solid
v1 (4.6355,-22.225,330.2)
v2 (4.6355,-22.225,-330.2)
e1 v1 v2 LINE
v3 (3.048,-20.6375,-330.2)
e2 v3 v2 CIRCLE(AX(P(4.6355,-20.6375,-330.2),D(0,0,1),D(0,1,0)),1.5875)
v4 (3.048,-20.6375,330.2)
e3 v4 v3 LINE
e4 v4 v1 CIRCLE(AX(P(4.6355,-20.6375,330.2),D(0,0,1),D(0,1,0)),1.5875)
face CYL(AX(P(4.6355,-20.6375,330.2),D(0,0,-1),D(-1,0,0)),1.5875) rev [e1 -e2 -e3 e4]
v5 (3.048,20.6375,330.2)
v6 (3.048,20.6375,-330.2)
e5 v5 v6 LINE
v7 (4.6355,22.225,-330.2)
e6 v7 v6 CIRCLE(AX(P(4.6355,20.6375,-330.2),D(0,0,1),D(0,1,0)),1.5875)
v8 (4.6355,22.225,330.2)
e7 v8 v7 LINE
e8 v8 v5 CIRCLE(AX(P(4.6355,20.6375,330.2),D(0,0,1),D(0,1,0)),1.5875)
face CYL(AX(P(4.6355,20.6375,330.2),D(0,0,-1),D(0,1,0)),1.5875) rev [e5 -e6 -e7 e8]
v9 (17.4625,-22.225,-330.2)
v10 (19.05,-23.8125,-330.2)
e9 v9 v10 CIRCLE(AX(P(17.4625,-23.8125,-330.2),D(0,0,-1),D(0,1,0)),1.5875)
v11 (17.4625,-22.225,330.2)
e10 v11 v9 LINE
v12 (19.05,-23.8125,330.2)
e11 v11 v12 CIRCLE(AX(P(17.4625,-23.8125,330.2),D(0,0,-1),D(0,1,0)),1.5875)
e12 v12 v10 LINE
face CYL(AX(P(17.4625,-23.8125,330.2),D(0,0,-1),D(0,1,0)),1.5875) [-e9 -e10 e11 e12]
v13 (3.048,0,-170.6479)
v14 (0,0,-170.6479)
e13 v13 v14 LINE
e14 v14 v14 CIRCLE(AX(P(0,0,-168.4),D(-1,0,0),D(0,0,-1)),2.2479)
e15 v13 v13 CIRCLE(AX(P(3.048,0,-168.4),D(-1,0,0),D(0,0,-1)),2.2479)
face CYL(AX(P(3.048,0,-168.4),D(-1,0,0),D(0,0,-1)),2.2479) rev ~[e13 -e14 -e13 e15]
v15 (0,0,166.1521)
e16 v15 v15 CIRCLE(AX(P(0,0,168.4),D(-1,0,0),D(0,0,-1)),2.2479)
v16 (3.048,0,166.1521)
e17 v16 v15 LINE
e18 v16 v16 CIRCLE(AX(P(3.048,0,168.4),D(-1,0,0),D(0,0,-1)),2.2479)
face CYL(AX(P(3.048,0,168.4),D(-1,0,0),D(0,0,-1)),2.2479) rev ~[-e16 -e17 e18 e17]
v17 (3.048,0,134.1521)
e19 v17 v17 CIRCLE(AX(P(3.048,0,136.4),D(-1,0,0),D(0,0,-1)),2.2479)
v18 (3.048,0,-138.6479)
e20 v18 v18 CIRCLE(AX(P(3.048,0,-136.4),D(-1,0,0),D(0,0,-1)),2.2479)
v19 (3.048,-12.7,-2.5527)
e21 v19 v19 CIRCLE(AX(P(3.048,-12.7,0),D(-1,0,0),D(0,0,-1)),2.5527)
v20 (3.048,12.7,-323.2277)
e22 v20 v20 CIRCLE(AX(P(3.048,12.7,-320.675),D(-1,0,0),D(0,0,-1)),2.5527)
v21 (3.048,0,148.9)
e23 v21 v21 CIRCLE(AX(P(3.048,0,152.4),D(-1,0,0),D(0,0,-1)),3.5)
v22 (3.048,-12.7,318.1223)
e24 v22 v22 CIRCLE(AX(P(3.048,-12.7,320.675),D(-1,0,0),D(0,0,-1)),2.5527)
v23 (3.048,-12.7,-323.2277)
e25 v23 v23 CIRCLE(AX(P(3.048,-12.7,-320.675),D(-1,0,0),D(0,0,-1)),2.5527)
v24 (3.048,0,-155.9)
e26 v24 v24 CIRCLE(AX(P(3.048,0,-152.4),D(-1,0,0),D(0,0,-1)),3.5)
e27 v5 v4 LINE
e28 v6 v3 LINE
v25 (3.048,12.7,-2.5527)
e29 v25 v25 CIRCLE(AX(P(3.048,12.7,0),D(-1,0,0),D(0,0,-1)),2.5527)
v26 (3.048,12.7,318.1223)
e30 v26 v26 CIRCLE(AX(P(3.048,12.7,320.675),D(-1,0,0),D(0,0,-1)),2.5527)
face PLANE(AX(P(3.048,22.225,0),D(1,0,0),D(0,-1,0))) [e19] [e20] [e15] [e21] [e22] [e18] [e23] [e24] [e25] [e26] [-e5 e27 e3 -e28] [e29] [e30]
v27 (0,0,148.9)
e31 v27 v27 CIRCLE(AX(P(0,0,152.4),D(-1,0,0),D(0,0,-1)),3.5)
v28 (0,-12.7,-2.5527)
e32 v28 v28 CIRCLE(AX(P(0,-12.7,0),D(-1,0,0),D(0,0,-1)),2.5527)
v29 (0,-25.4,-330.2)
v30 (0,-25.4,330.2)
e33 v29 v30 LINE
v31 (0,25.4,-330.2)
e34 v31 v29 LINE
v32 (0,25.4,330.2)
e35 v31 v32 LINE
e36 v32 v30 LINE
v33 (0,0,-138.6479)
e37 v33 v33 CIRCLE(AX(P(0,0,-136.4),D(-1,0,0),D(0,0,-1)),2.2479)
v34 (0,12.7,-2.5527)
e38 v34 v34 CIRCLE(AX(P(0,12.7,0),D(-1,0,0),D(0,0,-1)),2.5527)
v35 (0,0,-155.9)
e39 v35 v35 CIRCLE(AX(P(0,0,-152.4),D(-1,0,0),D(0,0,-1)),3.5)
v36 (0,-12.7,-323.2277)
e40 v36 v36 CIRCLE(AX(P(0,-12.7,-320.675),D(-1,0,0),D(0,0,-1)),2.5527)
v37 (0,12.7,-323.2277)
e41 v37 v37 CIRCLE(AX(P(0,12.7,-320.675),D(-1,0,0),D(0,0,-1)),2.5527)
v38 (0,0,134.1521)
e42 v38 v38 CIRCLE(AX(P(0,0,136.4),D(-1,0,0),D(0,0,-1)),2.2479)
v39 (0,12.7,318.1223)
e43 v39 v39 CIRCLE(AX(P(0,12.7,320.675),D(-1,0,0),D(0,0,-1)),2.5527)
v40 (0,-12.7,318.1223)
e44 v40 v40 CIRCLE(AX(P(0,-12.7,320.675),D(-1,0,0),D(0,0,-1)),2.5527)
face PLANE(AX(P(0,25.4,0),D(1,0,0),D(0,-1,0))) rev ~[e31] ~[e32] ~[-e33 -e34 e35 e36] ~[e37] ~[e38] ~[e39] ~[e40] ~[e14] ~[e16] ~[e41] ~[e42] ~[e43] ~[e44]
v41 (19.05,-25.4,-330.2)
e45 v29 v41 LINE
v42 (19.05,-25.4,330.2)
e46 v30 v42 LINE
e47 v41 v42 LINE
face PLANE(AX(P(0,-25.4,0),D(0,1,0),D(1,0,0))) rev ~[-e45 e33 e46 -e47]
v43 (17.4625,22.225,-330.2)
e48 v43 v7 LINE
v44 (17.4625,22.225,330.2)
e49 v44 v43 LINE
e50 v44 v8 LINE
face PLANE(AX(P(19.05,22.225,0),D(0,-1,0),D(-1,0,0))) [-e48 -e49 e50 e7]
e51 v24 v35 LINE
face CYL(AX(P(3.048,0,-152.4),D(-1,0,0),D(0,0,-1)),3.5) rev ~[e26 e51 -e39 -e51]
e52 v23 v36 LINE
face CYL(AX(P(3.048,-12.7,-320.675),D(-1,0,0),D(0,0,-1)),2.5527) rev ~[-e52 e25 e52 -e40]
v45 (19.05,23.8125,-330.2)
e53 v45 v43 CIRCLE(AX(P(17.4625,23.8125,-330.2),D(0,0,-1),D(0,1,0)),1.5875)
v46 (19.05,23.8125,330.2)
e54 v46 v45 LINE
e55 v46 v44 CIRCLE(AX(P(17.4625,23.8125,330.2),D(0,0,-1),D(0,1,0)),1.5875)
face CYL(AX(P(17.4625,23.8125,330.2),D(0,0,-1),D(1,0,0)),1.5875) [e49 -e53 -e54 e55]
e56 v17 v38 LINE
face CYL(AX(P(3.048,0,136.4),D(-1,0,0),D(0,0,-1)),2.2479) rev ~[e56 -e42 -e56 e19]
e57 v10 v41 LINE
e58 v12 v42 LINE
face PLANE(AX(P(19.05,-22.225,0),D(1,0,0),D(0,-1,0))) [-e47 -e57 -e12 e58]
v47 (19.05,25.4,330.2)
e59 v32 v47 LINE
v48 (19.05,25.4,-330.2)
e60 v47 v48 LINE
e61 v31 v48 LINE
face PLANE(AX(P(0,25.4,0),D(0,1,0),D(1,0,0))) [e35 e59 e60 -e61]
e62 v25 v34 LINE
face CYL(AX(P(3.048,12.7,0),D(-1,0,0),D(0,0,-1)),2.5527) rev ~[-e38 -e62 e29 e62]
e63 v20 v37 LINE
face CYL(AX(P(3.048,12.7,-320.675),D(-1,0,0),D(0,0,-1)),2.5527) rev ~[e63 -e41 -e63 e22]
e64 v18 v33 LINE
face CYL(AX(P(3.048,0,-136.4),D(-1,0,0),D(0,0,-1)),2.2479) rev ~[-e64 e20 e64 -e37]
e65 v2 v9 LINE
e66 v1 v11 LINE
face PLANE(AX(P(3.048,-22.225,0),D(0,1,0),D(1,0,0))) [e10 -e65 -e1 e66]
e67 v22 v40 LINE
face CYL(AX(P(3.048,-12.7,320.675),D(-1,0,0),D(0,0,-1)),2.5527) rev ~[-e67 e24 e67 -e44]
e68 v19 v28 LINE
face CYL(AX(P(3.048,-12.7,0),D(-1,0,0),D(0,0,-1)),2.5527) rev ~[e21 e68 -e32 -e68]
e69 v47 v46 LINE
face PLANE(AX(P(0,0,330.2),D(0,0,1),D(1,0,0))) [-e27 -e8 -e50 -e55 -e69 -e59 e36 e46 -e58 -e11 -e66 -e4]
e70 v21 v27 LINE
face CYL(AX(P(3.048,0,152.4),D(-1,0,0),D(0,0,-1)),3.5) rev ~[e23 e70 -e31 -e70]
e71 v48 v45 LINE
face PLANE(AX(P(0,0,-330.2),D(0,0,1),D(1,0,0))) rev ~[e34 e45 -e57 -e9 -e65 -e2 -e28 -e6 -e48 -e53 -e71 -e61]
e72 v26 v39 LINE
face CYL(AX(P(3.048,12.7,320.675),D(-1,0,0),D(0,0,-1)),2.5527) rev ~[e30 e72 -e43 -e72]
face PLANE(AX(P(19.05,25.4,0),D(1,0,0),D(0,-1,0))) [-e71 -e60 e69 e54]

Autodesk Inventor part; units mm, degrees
ref_plane "YZ Plane" through (0, 0, 0) normal (1, 0, 0) x (0, 1, 0)
ref_plane "XZ Plane" through (0, 0, 0) normal (0, 1, 0) x (-1, 0, 0)
ref_plane "XY Plane" through (0, 0, 0) normal (0, 0, 1) x (1, 0, 0)
sketch "Sketch1" plane through (0, 0, 0) normal (0, 0, 1) x (1, 0, 0)
  line L0 (0, 25.4) -> (0, -25.4)
  line L1 (0, -25.4) -> (19.05, -25.4)
  line L2 (0, 25.4) -> (19.05, 25.4)
  line L3 (19.05, 25.4) -> (19.05, 22.225)
  line L4 (19.05, 22.225) -> (3.048, 22.225)
  line L5 (3.048, 22.225) -> (3.048, -22.225)
  line L6 (3.048, -22.225) -> (19.05, -22.225)
  line L7 (19.05, -22.225) -> (19.05, -25.4)
  point P0 (0, 0)
  point P1 (0, 0)
  dimension "d0" = 50.8
  dimension "d1" = 19.05
  dimension "d2" = 3.175
  dimension "d3" = 16.002
extrude "Extrusion1" add sketch "Sketch1" along normal mid plane 660.4
fillet "Fillet1" radius 1.5875 4 edges at (3.048, 22.225, 0) (3.048, -22.225, 0) (19.05, -22.225, 0) (19.05, 22.225, 0)
sketch "Sketch2" plane through (3.048, -20.6375, -330.2) normal (1, 0, 0) x (0, 0, -1)
  point P0 (-330.2, 20.6375)
  point P1 (-177.8, 20.6375)
  point P2 (-482.6, 20.6375)
  dimension "d7" = 304.8
  dimension "d8" = 152.4
hole "Hole1" at (3.048, 0, -152.4) at (3.048, 0, 152.4) direction (-1, 0, 0) diameter 7 end through all
sketch "Sketch3" plane through (3.048, -20.6375, -330.2) normal (1, 0, 0) x (0, 0, -1)
  line L0 (-650.875, 33.3375) -> (-9.525, 33.3375)
  line L1 (-9.525, 33.3375) -> (-9.525, 7.9375)
  line L2 (-9.525, 7.9375) -> (-650.875, 7.9375)
  line L3 (-650.875, 7.9375) -> (-650.875, 33.3375)
  line L4 (-650.875, 33.3375) -> (-9.525, 7.9375) construction
  line L5 (-9.525, 33.3375) -> (-650.875, 7.9375) construction
  line L6 (0, 41.275) -> (0, 0) projected
  line L7 (-660.4, 0) -> (-660.4, 41.275) projected
  line L8 (0, -4.7625) -> (-660.4, -4.7625) projected
  line L9 (0, 46.0375) -> (-660.4, 46.0375) projected
  point P0 (-330.2, 20.6375)
  point P1 (-330.2, 7.9375)
  point P2 (-330.2, 33.3375)
  dimension "d34" = 9.525
  dimension "d35" = 9.525
  dimension "d36" = 12.7
  dimension "d37" = 12.7
hole "Hole2" at (3.048, -12.7, 320.675) at (3.048, 12.7, 320.675) at (3.048, -12.7, 0) at (3.048, 12.7, 0) at (3.048, -12.7, -320.675) at (3.048, 12.7, -320.675) direction (-1, 0, 0) diameter 5.1054 depth 25.4 tip angle 118 clearance for "Flat Head Machine Screw (82)" size "#10" standard "Ansi Unified Screw Threads"
sketch "Sketch5" plane through (3.048, -20.6375, -330.2) normal (1, 0, 0) x (0, 0, -1)
  circle A0 centre (-482.6, 20.6375) radius 3.5 projected
  circle A1 centre (-177.8, 20.6375) radius 3.5 projected
  point P0 (-330.2, 20.6375)
  point P1 (-466.6, 20.6375)
  point P2 (-498.6, 20.6375)
  point P3 (-193.8, 20.6375)
  point P4 (-161.8, 20.6375)
  dimension "d23" = 32
  dimension "d24" = 16
  dimension "d25" = 32
  dimension "d26" = 16
hole "Hole3" at (3.048, 0, 168.4) at (3.048, 0, 136.4) at (3.048, 0, -136.4) at (3.048, 0, -168.4) direction (-1, 0, 0) diameter 4.4958 end through all clearance for "Socket Head Cap Screw DIN EN ISO 4762" size "M4" standard "DIN"
equation "\"d4\" = Length"
equation "\"Length\" = 660.4"
properties part number "NASA-20-FR-OP-01" material "Aluminum 6061"
